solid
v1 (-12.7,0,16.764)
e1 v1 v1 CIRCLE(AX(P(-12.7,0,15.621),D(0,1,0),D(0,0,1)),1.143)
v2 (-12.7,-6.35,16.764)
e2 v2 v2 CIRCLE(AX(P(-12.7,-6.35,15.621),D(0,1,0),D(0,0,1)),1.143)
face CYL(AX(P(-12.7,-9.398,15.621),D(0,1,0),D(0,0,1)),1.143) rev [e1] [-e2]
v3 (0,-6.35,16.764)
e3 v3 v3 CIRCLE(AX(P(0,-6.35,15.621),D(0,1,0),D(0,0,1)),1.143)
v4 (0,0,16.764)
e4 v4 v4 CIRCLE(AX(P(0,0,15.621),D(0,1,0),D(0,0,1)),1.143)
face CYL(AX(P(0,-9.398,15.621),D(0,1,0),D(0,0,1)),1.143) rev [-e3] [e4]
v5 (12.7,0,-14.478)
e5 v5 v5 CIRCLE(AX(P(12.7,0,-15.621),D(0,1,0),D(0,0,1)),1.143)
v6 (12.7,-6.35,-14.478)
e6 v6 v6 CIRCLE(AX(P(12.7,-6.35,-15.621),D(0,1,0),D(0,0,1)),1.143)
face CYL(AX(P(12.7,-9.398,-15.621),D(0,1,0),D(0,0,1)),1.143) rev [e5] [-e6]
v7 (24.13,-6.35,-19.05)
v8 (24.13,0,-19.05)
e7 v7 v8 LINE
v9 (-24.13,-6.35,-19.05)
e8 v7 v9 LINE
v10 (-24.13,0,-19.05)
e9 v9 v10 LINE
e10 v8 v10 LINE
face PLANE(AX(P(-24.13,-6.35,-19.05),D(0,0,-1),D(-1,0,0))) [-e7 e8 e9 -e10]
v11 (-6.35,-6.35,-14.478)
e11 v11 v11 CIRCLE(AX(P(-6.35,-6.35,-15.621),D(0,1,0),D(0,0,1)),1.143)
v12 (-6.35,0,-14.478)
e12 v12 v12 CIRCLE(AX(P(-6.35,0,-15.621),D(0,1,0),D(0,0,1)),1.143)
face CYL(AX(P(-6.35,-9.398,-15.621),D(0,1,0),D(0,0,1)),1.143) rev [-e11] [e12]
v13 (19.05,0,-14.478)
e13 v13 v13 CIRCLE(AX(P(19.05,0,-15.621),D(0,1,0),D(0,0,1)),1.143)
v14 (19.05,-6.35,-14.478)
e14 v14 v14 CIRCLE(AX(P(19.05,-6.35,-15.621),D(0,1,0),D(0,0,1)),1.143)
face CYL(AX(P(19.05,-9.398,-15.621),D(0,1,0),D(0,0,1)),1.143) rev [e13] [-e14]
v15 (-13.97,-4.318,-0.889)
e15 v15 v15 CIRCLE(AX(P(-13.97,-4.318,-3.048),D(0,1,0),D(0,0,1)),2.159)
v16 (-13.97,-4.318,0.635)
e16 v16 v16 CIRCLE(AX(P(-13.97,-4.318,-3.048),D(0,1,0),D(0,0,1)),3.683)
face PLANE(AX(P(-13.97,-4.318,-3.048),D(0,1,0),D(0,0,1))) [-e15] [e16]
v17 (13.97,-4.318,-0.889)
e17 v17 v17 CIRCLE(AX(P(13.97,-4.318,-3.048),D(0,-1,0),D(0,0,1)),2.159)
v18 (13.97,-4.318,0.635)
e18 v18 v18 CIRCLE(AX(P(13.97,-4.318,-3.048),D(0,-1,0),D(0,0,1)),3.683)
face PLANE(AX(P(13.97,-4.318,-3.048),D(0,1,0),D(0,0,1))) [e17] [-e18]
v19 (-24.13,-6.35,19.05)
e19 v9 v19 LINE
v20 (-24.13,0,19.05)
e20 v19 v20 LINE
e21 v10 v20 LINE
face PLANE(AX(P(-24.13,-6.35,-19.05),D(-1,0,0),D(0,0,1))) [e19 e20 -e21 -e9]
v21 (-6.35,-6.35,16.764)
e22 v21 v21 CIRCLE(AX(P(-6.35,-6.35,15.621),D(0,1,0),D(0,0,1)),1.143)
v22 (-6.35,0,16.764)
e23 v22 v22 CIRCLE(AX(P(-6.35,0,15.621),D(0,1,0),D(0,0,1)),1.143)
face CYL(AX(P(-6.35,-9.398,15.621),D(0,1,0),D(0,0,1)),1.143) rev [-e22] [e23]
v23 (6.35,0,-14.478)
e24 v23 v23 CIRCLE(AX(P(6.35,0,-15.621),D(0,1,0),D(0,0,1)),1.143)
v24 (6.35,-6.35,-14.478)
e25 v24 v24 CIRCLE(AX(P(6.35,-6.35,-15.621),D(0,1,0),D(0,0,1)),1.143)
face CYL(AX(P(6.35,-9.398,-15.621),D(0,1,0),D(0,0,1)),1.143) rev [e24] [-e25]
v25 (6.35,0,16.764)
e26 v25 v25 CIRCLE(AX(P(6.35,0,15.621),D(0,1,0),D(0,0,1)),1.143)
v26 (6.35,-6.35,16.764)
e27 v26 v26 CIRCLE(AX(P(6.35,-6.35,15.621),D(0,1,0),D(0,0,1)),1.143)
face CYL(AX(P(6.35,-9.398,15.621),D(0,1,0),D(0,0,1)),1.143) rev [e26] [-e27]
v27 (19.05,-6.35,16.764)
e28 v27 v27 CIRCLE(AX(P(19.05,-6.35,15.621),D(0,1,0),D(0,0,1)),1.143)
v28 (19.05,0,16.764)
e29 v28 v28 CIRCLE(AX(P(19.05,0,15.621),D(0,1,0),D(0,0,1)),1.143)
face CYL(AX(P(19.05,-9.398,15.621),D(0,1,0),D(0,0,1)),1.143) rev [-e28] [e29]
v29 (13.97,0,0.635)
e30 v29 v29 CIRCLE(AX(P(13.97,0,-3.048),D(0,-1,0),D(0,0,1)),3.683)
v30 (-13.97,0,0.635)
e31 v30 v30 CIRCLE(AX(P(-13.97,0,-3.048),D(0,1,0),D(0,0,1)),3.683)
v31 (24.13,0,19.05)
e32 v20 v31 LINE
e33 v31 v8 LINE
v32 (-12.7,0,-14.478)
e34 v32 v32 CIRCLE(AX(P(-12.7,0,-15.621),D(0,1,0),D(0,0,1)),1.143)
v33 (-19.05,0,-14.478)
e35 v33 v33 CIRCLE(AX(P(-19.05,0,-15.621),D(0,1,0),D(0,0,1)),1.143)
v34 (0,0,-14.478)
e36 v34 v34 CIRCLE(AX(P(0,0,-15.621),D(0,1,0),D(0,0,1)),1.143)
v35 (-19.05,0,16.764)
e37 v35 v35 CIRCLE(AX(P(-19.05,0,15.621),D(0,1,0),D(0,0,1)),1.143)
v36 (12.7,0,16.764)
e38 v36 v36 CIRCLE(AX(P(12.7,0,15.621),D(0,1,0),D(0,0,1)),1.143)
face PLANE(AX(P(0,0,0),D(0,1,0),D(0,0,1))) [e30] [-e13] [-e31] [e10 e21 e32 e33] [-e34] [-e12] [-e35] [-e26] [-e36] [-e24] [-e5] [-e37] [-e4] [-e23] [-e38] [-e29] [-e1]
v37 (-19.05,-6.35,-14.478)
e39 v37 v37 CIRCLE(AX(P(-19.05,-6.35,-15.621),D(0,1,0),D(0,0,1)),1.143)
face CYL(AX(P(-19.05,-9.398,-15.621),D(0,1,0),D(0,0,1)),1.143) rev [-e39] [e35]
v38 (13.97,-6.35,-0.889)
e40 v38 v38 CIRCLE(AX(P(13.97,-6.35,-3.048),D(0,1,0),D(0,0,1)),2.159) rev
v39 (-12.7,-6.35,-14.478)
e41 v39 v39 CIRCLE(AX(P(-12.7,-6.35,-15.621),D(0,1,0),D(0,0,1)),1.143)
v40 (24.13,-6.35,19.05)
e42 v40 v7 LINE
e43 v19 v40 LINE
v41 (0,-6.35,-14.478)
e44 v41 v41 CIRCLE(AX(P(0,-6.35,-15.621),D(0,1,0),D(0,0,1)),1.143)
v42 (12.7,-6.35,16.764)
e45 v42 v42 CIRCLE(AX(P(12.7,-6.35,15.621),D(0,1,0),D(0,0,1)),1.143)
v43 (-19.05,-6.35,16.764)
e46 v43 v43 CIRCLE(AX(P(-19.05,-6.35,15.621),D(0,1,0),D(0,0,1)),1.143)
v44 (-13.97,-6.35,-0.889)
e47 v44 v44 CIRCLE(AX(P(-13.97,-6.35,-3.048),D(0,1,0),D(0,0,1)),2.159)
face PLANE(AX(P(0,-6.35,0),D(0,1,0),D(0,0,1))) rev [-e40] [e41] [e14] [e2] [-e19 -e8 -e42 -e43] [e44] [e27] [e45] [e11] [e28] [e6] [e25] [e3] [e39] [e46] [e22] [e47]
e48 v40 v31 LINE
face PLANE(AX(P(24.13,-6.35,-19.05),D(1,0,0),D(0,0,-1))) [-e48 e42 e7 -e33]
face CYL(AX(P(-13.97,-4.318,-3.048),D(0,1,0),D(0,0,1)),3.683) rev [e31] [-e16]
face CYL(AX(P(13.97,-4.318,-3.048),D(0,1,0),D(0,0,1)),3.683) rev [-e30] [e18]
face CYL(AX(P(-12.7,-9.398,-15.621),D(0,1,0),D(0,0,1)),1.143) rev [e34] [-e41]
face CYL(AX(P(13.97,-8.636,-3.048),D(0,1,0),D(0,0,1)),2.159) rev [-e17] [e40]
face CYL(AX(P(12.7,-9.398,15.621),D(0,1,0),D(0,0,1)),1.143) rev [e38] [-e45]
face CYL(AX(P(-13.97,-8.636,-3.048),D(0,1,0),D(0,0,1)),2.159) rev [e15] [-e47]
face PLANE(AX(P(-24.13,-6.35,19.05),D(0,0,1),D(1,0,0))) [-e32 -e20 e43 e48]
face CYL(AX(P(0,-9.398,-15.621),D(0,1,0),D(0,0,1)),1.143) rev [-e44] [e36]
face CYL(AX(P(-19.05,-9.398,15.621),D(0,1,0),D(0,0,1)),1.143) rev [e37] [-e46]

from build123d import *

# Parameters (mm, degrees)
SKETCH1_W           = 48.26
SKETCH1_H           = 38.1
BOSS_EXTRUDE1_DEPTH = 6.35
SKETCH2_R           = 3.683
CUT_EXTRUDE1_DEPTH  = 4.318
SKETCH3_R           = 2.159
CUT_EXTRUDE2_DEPTH  = 4.318
SKETCH4_R           = 1.143
CUT_EXTRUDE3_DEPTH  = 9.398
LPATTERN1_COUNT     = 7
LPATTERN1_PITCH     = 6.35


with BuildPart() as part:
    # Sketch1 → Boss-Extrude1 (new body)
    with BuildSketch(Plane(origin=(0, 0, 0), x_dir=(1, 0, 0), z_dir=(0, 1, 0))):
        Rectangle(SKETCH1_W, SKETCH1_H)
    extrude(amount=-BOSS_EXTRUDE1_DEPTH)

    # Sketch2 → Cut-Extrude1 (cut)
    with BuildSketch(Plane(origin=(0, 0, 0), x_dir=(1, 0, 0), z_dir=(0, 1, 0))):
        with Locations((-13.97, 3.048)):
            Circle(SKETCH2_R)
    cut_extrude1 = extrude(amount=-CUT_EXTRUDE1_DEPTH, mode=Mode.SUBTRACT)

    # Sketch3 → Cut-Extrude2 (cut)
    with BuildSketch(Plane(origin=(0, -4.318, 0), x_dir=(1, 0, 0), z_dir=(0, 1, 0))):
        with Locations((-13.97, 3.048)):
            Circle(SKETCH3_R)
    cut_extrude2 = extrude(amount=-CUT_EXTRUDE2_DEPTH, mode=Mode.SUBTRACT)

    # Sketch4 → Cut-Extrude3 (cut)
    with BuildSketch(Plane(origin=(0, 0, 0), x_dir=(1, 0, 0), z_dir=(0, 1, 0))):
        with Locations((-19.05, 15.621)):
            Circle(SKETCH4_R)
        with Locations((-19.05, -15.621)):
            Circle(SKETCH4_R)
    cut_extrude3 = extrude(amount=-CUT_EXTRUDE3_DEPTH, mode=Mode.SUBTRACT)

    # LPattern1: Cut-Extrude3 ×7
    with Locations(*[(i * LPATTERN1_PITCH, 0, 0) for i in range(1, LPATTERN1_COUNT)]):
        add(cut_extrude3, mode=Mode.SUBTRACT)

    # Mirror1: Cut-Extrude1, Cut-Extrude2 across plane
    add(cut_extrude1.mirror(Plane(origin=(0, 0, 0), x_dir=(0, 0, 1), z_dir=(1, 0, 0))), mode=Mode.SUBTRACT)
    add(cut_extrude2.mirror(Plane(origin=(0, 0, 0), x_dir=(0, 0, 1), z_dir=(1, 0, 0))), mode=Mode.SUBTRACT)


solid = part.part
